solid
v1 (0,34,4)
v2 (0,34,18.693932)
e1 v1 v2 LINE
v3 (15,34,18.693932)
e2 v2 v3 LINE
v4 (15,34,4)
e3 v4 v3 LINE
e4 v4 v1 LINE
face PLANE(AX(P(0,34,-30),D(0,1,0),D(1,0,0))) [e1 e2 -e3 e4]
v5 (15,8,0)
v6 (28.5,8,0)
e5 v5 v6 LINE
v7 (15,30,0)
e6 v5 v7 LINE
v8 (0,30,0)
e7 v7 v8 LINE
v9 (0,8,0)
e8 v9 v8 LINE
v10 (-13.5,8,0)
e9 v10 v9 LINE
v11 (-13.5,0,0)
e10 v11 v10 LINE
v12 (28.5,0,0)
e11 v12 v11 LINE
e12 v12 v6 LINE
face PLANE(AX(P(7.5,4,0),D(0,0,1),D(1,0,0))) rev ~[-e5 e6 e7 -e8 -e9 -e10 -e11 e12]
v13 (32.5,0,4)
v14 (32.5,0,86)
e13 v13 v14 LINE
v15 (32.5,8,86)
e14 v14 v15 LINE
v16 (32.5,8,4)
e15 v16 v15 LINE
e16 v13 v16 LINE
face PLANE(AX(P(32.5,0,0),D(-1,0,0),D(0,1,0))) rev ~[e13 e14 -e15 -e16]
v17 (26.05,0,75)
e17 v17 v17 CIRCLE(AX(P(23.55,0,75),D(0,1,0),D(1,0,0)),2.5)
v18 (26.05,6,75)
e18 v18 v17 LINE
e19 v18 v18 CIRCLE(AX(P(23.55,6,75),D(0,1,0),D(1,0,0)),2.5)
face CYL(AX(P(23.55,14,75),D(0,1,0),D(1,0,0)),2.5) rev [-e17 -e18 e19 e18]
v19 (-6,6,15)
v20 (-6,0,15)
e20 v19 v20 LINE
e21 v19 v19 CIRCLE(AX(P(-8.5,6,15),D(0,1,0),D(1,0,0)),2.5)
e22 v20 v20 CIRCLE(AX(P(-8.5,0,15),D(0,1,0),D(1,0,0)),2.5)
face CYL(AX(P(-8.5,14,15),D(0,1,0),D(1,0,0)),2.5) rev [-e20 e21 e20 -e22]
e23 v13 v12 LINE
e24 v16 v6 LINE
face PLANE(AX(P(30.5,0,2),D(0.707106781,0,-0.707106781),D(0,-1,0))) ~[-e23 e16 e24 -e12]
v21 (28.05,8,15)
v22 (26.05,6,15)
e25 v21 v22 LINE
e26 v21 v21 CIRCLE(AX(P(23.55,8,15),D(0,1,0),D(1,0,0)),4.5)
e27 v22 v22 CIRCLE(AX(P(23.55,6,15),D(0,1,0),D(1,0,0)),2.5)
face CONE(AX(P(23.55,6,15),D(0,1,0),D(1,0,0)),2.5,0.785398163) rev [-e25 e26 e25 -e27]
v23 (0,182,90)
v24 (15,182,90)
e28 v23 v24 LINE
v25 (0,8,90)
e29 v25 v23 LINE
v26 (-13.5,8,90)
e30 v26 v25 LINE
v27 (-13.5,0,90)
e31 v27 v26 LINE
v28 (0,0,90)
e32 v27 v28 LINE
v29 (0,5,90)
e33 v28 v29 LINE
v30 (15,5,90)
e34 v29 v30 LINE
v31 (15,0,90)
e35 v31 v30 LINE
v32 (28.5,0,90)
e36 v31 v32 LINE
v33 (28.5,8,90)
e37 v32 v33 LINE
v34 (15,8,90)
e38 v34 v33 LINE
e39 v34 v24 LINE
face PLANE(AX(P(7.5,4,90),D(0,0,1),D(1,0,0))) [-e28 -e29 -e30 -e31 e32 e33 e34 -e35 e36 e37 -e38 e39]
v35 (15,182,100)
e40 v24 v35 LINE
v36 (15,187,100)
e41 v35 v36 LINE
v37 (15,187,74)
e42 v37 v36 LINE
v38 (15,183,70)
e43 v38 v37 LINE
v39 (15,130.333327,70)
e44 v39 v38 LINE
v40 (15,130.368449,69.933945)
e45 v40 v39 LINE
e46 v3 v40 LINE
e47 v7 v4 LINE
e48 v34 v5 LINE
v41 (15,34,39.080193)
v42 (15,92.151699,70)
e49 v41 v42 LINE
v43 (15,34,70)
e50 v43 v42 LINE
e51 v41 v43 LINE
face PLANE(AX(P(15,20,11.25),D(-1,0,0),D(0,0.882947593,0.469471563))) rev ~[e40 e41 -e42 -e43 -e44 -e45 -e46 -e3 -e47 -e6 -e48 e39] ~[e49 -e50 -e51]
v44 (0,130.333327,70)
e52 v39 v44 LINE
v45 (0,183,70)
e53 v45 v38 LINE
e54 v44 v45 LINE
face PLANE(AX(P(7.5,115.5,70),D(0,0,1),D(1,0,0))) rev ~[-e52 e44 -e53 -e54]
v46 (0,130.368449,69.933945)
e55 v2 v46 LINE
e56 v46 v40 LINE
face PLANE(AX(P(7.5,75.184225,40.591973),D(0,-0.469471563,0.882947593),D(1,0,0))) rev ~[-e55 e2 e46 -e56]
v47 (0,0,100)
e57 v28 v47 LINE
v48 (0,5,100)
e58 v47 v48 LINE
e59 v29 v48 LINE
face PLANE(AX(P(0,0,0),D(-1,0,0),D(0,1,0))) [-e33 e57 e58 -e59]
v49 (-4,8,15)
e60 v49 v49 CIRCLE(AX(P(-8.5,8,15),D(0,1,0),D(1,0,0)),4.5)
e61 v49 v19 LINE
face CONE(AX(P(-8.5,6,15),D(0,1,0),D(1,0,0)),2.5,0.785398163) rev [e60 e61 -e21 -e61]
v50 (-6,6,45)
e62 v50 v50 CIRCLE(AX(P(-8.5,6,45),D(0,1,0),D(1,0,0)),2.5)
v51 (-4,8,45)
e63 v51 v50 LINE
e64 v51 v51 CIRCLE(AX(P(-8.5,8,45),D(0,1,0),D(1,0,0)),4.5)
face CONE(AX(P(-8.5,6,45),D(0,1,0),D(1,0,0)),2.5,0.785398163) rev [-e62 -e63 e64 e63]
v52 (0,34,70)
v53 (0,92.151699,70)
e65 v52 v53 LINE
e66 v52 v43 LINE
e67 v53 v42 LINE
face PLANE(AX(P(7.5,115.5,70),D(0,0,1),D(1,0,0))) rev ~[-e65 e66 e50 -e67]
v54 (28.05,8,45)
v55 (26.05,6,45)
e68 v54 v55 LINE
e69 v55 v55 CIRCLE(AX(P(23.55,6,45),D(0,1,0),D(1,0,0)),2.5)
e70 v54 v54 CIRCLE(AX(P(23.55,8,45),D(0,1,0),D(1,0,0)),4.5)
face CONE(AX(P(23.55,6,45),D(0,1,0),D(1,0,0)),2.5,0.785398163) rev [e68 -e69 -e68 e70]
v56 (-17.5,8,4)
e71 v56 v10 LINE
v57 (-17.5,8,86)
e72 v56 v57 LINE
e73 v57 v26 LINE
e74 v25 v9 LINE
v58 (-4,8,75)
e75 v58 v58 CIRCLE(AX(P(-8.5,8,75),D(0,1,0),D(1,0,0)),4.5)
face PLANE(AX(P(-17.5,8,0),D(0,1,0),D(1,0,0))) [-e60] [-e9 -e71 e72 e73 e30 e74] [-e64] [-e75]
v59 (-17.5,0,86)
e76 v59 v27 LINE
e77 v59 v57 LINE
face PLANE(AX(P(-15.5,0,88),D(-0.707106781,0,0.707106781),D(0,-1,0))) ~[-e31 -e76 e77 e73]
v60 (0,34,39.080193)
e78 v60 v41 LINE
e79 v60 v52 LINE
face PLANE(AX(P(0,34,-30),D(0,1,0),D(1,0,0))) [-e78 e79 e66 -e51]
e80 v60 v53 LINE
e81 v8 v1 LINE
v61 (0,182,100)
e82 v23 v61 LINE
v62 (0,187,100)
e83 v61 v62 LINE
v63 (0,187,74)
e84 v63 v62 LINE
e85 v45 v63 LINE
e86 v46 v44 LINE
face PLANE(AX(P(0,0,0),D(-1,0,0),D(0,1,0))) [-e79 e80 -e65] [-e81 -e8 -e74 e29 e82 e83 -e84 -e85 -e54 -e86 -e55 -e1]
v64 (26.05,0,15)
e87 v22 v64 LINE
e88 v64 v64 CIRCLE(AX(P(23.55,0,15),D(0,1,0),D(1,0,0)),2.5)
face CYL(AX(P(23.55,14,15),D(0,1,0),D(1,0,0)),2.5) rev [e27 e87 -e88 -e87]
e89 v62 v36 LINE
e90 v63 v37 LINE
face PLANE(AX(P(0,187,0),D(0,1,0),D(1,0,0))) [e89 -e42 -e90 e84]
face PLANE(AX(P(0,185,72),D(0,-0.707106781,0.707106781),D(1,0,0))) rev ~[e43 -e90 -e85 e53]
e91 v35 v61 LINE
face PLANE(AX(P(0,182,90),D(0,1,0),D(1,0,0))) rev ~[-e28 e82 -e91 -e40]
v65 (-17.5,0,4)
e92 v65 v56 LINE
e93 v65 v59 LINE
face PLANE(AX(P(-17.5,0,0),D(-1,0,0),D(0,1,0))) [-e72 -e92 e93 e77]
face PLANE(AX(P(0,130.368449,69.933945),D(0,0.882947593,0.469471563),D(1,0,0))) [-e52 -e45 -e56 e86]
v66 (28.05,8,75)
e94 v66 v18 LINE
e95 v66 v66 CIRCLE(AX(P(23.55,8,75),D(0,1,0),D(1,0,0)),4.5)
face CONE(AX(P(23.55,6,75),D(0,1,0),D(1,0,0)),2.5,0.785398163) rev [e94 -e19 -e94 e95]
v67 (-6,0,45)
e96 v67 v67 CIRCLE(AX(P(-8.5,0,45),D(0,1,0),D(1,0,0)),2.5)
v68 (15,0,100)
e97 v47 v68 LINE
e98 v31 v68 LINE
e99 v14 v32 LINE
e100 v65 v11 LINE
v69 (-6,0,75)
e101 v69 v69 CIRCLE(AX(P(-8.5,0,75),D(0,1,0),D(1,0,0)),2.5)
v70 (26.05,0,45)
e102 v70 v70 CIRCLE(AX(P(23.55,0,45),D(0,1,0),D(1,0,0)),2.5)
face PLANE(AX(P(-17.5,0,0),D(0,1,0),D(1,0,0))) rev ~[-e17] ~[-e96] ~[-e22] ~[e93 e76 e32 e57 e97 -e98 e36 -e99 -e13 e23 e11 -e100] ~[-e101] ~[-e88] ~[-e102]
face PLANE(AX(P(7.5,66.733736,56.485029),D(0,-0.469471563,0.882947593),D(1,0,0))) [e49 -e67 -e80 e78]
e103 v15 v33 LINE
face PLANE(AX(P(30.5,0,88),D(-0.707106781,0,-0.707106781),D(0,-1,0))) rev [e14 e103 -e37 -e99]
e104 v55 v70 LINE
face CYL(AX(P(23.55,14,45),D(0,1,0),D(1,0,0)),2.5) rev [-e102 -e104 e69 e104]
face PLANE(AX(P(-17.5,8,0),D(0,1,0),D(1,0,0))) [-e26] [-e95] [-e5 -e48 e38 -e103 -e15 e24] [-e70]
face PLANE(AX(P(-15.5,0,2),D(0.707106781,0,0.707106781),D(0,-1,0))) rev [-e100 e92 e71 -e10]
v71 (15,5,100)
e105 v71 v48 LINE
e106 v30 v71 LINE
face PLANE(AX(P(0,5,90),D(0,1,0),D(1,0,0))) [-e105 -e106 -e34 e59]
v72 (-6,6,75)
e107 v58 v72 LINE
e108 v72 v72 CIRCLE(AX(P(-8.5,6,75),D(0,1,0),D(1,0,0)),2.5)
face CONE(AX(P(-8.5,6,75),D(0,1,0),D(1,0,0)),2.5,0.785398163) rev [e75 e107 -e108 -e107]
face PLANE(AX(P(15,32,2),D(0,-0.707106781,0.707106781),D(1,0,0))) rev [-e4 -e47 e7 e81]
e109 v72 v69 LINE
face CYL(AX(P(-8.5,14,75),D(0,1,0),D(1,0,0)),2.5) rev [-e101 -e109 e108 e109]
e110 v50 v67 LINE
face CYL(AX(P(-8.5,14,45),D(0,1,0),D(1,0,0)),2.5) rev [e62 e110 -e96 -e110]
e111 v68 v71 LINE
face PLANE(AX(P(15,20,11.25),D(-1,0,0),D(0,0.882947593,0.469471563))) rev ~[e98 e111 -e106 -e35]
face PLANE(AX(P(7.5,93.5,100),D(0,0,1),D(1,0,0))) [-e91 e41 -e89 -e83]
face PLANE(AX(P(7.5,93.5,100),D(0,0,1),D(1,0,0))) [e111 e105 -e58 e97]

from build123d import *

# Parameters (mm, degrees)
CYLINDER001_R          = 2.5
CYLINDER001_DEPTH      = 20
CYLINDER002_R          = 2.5
CYLINDER002_DEPTH      = 20
CYLINDER004_R          = 2.5
CYLINDER004_DEPTH      = 20
CYLINDER005_R          = 2.5
CYLINDER005_DEPTH      = 20
CYLINDER003_R          = 2.5
CYLINDER003_DEPTH      = 20
CYLINDER_R             = 2.5
CYLINDER_DEPTH         = 20
BOX004_W               = 50
BOX004_H               = 8
BOX004_DEPTH           = 90
CHAMFER_SIZE           = 4
CHAMFER001_SIZE        = 2
BOX002_W               = 15
BOX002_H               = 177
BOX002_DEPTH           = 100
BOX003_W               = 15
BOX003_H               = 125
BOX003_DEPTH           = 18
BOX003_PLACEMENT_ANGLE = 28
BOX001_W               = 15
BOX001_H               = 163
BOX001_DEPTH           = 100
BOX_W                  = 15
BOX_H                  = 187
BOX_DEPTH              = 100
CHAMFER002_SIZE        = 4


with BuildPart() as cylinder001:
    # Cylinder001 → Cylinder001 (new body)
    with BuildSketch(Plane(origin=(-8.5, 14, 15), x_dir=(1, 0, 0), z_dir=(0, -1, 0))):
        Circle(CYLINDER001_R)
    extrude(amount=CYLINDER001_DEPTH)


with BuildPart() as cylinder002:
    # Cylinder002 → Cylinder002 (new body)
    with BuildSketch(Plane(origin=(23.55, 14, 45), x_dir=(1, 0, 0), z_dir=(0, -1, 0))):
        Circle(CYLINDER002_R)
    extrude(amount=CYLINDER002_DEPTH)


with BuildPart() as cylinder004:
    # Cylinder004 → Cylinder004 (new body)
    with BuildSketch(Plane(origin=(23.55, 14, 75), x_dir=(1, 0, 0), z_dir=(0, -1, 0))):
        Circle(CYLINDER004_R)
    extrude(amount=CYLINDER004_DEPTH)


with BuildPart() as cylinder005:
    # Cylinder005 → Cylinder005 (new body)
    with BuildSketch(Plane(origin=(-8.5, 14, 75), x_dir=(1, 0, 0), z_dir=(0, -1, 0))):
        Circle(CYLINDER005_R)
    extrude(amount=CYLINDER005_DEPTH)


with BuildPart() as cylinder003:
    # Cylinder003 → Cylinder003 (new body)
    with BuildSketch(Plane(origin=(-8.5, 14, 45), x_dir=(1, 0, 0), z_dir=(0, -1, 0))):
        Circle(CYLINDER003_R)
    extrude(amount=CYLINDER003_DEPTH)


with BuildPart() as compound:
    # Cylinder → Cylinder (new body)
    with BuildSketch(Plane(origin=(23.55, 14, 15), x_dir=(1, 0, 0), z_dir=(0, -1, 0))):
        Circle(CYLINDER_R)
    extrude(amount=CYLINDER_DEPTH)

    # Compound: union Cylinder001, Cylinder002, Cylinder004, Cylinder005, Cylinder003
    add(cylinder001.part)
    add(cylinder002.part)
    add(cylinder004.part)
    add(cylinder005.part)
    add(cylinder003.part)


with BuildPart() as backplate:
    # Box004 → Box004 (new body)
    with BuildSketch(Plane(origin=(-17.5, 0, 0), x_dir=(1, 0, 0), z_dir=(0, 0, 1))):
        with Locations((25, 4)):
            Rectangle(BOX004_W, BOX004_H)
    extrude(amount=BOX004_DEPTH)

    # Chamfer
    chamfer_edges = [backplate.edges().sort_by_distance(p)[0] for p in [
        (-17.5, 4, 90),
        (-17.5, 4, 0),
        (32.5, 4, 90),
        (32.5, 4, 0),
    ]]
    chamfer(chamfer_edges, length=CHAMFER_SIZE)

    # Cut001: cut Compound
    add(compound.part, mode=Mode.SUBTRACT)

    # Chamfer001
    chamfer001_edges = [backplate.edges().sort_by_distance(p)[0] for p in [
        (21.05, 8, 45),
        (-11, 8, 45),
        (-11, 8, 75),
        (21.05, 8, 75),
        (21.05, 8, 15),
        (-11, 8, 15),
    ]]
    chamfer(chamfer001_edges, length=CHAMFER001_SIZE)


with BuildPart() as cube002:
    # Box002 → Box002 (new body)
    with BuildSketch(Plane(origin=(0, 5, 90), x_dir=(1, 0, 0), z_dir=(0, 0, 1))):
        with Locations((7.5, 88.5)):
            Rectangle(BOX002_W, BOX002_H)
    extrude(amount=BOX002_DEPTH)


with BuildPart() as cube003:
    # Box003 → Box003 (new body)
    with BuildSketch(Plane.XY):
        with Locations((7.5, 62.5)):
            Rectangle(BOX003_W, BOX003_H)
    extrude(amount=BOX003_DEPTH)


with BuildPart() as cube003_1:
    # Box003 placement: moved
    add(cube003.part.moved(Location((0, 20, 11.25))).rotate(Axis((0, 20, 11.25), (1, 0, 0)), BOX003_PLACEMENT_ANGLE))


with BuildPart() as cube001:
    # Box001 → Box001 (new body)
    with BuildSketch(Plane(origin=(0, 34, -30), x_dir=(1, 0, 0), z_dir=(0, 0, 1))):
        with Locations((7.5, 81.5)):
            Rectangle(BOX001_W, BOX001_H)
    extrude(amount=BOX001_DEPTH)


with BuildPart() as final:
    # Box → Box (new body)
    with BuildSketch(Plane.XY):
        with Locations((7.5, 93.5)):
            Rectangle(BOX_W, BOX_H)
    extrude(amount=BOX_DEPTH)

    # Cut: cut Cube001
    add(cube001.part, mode=Mode.SUBTRACT)

    # Fusion: union Cube003
    add(cube003_1.part)

    # Cut002: cut Cube002
    add(cube002.part, mode=Mode.SUBTRACT)

    # Chamfer002
    chamfer002_edges = [final.edges().sort_by_distance(p)[0] for p in [
        (7.5, 187, 70),
        (7.5, 34, 0),
    ]]
    chamfer(chamfer002_edges, length=CHAMFER002_SIZE)

    # Fusion001: union Backplate
    add(backplate.part)


solid = final.part
